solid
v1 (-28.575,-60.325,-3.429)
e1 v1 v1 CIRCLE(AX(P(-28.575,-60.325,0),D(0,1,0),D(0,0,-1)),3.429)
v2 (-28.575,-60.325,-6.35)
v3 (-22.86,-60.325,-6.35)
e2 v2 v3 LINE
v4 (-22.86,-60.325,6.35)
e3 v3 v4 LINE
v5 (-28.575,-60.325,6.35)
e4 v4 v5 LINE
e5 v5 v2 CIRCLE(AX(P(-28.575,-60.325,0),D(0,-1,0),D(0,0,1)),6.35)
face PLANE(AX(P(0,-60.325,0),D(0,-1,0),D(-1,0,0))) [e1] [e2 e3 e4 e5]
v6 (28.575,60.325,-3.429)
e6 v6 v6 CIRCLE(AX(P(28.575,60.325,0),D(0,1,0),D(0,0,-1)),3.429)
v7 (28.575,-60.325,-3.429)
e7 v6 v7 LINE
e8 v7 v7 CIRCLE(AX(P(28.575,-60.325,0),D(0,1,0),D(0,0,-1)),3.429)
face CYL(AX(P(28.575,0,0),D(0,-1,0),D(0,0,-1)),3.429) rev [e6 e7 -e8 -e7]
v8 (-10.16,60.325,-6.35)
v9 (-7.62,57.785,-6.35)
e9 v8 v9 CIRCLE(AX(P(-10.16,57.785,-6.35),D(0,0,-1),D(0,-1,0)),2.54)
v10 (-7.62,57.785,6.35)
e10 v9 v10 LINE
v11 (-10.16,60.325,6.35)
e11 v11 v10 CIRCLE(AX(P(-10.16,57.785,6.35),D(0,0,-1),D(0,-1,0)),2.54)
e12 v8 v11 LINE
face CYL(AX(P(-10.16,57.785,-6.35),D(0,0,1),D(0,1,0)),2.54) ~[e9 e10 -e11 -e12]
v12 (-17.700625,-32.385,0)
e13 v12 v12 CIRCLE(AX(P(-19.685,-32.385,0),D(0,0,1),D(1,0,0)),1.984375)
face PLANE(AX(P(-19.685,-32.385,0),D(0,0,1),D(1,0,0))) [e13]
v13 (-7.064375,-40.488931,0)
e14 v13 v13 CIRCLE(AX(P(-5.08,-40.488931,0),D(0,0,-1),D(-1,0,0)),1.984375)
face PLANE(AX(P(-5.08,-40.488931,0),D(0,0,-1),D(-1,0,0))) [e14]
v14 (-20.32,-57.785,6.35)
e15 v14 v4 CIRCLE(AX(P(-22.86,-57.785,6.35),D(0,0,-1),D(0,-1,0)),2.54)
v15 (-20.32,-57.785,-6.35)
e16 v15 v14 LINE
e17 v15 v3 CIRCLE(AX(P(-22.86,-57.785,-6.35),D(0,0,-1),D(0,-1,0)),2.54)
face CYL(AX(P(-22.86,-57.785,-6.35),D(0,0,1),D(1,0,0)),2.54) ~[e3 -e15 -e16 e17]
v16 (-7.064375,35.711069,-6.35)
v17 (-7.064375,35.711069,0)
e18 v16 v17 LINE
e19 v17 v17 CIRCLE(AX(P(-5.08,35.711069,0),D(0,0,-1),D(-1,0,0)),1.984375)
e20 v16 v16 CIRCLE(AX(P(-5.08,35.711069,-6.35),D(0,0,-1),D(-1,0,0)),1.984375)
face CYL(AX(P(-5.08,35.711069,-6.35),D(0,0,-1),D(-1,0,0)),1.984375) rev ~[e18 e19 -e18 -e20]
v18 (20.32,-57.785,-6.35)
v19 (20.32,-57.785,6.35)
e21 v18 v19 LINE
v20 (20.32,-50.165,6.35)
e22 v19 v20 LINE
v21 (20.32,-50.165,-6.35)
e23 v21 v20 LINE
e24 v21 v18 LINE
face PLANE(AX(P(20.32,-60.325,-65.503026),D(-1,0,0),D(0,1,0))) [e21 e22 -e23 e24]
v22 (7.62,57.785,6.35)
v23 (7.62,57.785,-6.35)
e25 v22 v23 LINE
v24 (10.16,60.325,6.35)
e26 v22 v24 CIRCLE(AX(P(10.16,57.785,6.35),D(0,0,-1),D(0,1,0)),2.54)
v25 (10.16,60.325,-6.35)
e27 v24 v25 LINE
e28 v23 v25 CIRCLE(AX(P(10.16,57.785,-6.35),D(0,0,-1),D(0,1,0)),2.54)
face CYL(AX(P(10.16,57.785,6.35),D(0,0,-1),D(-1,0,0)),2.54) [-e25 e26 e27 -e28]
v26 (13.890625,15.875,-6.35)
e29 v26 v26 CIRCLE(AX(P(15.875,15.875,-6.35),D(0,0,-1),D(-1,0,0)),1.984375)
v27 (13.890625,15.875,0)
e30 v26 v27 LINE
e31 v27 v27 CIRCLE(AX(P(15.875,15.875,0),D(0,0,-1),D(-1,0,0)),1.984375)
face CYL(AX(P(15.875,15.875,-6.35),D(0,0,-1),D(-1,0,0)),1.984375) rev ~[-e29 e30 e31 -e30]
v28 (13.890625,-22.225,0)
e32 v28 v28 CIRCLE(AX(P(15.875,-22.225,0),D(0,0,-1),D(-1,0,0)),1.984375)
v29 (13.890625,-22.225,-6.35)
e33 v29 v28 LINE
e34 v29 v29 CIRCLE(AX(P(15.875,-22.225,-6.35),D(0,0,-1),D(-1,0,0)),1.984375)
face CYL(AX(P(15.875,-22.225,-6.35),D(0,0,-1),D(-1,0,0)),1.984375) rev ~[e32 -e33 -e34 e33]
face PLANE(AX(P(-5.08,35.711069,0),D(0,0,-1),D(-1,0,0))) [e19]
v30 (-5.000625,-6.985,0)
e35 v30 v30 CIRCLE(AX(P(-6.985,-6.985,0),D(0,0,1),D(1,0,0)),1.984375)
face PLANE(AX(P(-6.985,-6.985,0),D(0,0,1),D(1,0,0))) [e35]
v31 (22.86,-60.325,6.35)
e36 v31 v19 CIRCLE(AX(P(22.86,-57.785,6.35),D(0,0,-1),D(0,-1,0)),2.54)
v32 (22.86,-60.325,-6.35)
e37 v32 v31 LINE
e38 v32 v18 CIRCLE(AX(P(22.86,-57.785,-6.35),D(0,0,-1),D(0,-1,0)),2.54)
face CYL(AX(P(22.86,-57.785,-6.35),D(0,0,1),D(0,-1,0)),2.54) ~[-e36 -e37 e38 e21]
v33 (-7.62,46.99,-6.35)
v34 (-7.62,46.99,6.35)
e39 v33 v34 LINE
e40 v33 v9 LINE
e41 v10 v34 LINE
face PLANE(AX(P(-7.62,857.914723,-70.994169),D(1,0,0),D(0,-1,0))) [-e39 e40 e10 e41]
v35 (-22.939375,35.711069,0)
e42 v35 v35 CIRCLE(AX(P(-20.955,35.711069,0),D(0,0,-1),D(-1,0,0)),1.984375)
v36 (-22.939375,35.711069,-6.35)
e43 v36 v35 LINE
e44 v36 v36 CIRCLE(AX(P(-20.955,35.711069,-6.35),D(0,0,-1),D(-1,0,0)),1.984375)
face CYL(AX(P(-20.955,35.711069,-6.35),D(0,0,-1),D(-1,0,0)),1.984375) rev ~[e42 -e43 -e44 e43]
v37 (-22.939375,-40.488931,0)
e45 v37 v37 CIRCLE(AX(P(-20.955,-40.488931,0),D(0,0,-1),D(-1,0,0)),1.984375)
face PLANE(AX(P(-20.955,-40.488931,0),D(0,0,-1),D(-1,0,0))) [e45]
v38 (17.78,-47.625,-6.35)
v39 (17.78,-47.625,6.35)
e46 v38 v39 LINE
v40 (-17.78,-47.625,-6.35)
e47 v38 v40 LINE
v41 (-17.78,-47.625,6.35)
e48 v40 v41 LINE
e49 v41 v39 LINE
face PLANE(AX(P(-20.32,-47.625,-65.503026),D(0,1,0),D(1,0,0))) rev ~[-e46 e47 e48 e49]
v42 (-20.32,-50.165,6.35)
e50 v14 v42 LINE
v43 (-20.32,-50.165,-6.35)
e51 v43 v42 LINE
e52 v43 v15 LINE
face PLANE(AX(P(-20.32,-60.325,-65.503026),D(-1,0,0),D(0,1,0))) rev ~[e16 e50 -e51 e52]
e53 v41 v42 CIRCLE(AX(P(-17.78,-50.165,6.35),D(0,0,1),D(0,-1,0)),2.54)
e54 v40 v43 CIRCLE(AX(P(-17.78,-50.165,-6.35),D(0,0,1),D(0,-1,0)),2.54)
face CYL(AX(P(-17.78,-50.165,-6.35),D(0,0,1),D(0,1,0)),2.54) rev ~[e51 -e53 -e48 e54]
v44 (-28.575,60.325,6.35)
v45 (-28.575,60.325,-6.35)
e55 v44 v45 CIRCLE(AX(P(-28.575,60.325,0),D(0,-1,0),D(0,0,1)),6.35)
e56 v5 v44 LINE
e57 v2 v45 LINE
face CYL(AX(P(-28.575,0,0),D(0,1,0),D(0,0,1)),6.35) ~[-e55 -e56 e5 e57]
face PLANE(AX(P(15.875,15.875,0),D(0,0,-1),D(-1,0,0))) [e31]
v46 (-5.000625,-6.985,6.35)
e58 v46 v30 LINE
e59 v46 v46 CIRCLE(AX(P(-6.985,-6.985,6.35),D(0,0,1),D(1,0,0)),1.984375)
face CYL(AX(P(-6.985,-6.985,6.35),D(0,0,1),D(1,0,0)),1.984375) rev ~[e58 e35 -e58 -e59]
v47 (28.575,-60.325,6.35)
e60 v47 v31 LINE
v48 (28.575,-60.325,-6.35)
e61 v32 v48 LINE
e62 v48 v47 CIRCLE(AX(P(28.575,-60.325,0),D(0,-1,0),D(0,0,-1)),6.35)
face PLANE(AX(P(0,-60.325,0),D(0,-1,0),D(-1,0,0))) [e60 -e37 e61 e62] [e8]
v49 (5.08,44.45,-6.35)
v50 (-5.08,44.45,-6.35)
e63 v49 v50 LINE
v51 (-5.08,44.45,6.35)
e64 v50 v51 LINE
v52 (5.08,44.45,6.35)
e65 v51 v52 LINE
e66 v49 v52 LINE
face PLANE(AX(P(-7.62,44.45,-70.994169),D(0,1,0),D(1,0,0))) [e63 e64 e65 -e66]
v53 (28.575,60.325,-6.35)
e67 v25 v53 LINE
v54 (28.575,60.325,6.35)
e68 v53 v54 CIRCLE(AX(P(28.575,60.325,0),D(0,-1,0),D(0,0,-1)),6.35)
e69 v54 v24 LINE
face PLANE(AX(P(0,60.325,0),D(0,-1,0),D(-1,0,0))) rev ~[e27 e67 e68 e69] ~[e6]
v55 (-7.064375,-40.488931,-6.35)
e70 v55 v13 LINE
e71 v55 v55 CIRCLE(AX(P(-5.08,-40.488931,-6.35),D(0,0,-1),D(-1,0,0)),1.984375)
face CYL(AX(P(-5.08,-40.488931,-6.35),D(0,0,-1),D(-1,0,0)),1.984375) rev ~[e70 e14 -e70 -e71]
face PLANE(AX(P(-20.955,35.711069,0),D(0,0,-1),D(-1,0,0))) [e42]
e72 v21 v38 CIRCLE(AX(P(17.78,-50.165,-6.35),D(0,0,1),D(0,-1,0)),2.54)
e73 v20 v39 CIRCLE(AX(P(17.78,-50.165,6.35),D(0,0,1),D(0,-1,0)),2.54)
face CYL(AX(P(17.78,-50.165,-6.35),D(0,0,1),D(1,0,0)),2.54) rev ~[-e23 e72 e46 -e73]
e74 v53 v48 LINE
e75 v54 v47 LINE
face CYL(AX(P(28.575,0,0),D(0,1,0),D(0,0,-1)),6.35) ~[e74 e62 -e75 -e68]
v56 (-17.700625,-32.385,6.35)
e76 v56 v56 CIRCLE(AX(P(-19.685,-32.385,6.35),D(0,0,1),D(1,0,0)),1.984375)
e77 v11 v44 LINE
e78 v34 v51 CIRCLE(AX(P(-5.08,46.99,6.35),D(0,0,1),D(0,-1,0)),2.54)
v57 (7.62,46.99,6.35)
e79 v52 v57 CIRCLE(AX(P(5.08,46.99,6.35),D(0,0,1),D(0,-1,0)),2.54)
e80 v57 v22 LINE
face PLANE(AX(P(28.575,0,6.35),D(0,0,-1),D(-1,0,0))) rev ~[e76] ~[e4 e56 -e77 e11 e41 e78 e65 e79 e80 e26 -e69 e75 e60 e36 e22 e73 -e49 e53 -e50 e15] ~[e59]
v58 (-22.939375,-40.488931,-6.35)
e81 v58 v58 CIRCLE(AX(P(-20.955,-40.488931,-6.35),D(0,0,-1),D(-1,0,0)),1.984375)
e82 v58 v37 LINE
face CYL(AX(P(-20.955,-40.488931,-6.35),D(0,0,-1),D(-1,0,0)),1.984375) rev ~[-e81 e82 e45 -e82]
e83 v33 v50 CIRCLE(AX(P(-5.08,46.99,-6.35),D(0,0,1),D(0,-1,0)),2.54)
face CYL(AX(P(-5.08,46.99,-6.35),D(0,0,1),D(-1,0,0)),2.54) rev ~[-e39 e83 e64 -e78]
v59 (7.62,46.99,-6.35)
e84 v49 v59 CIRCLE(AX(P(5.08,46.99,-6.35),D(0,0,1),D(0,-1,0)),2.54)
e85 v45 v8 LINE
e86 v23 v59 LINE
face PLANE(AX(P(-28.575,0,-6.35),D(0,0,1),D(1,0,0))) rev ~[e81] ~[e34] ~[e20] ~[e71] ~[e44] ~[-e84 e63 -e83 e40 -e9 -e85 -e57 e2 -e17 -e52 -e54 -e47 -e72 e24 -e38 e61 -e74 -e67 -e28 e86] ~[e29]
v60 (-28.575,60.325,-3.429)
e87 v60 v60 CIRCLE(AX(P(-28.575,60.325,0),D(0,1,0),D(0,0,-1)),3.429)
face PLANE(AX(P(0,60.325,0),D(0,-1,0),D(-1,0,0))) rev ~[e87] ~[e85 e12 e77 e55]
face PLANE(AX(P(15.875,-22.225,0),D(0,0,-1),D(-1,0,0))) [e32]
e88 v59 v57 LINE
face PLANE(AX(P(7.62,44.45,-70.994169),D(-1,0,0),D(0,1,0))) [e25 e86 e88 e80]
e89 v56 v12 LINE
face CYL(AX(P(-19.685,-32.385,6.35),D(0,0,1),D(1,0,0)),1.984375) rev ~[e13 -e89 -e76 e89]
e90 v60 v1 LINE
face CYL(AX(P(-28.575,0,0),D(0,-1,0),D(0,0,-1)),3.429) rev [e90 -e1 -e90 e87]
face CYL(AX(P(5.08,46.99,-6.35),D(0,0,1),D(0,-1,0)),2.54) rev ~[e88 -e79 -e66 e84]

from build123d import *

# Parameters (mm, degrees)
SKETCH1_R               = 3.429
BOSS_EXTRUDE1_DEPTH     = 60.325
CUT_EXTRUDE1_DEPTH      = 70.9941694
CUT_EXTRUDE1_DEPTH_BACK = 70.9941694
FILLET1_R               = 2.54
CUT_EXTRUDE3_DEPTH      = 71.853025694
CUT_EXTRUDE3_DEPTH_BACK = 71.853025694
SKETCH5_W               = 40.64
SKETCH5_H               = 12.7
FILLET2_R               = 2.54
SKETCH4_R               = 1.984375
CUT_EXTRUDE2_DEPTH      = 6.35
SKETCH6_R               = 1.984375
CUT_EXTRUDE4_DEPTH      = 6.35
SKETCH7_R               = 1.984375
CUT_EXTRUDE5_DEPTH      = 6.35


with BuildPart() as part:
    # Sketch1 → Boss-Extrude1 (new, symmetric)
    with BuildSketch(Plane(origin=(0, 0, 0), x_dir=(1, 0, 0), z_dir=(0, 1, 0))):
        with BuildLine():
            Line((-28.575, 6.35), (28.575, 6.35))
            ThreePointArc((28.575, 6.35), (34.925, 0), (28.575, -6.35))
            Line((28.575, -6.35), (-28.575, -6.35))
            ThreePointArc((-28.575, -6.35), (-34.925, 0), (-28.575, 6.35))
        make_face()
        with Locations(Location((28.575, 0, 0), (0, 0, 90))):
            Circle(SKETCH1_R, mode=Mode.SUBTRACT)
        with Locations(Location((-28.575, 0, 0), (0, 0, 90))):
            Circle(SKETCH1_R, mode=Mode.SUBTRACT)
    extrude(amount=BOSS_EXTRUDE1_DEPTH, both=True)

    # Sketch2 → Cut-Extrude1 (cut, two sides: drawn at the far end of the back side and taken through both)
    with BuildSketch(Plane.XY.offset(-CUT_EXTRUDE1_DEPTH_BACK)):
        Polygon((-7.62, 326.18824101), (-7.62, 60.325), (-7.62, 44.45), (7.62, 44.45), (7.62, 60.325), (7.62, 326.18824101), (7.62, 857.914723029), (-7.62, 857.914723029), align=None)
    extrude(amount=CUT_EXTRUDE1_DEPTH + CUT_EXTRUDE1_DEPTH_BACK, mode=Mode.SUBTRACT)

    # Fillet1
    fillet1_edges = [part.edges().sort_by_distance(p)[0] for p in [
        (-7.62, 44.45, 0),
        (7.62, 44.45, 0),
        (7.62, 60.325, 0),
        (-7.62, 60.325, 0),
    ]]
    fillet(fillet1_edges, radius=FILLET1_R)

    # Sketch5 → Cut-Extrude3 (cut, two sides: drawn at the far end of the back side and taken through both)
    with BuildSketch(Plane.XY.offset(6.35).offset(-CUT_EXTRUDE3_DEPTH_BACK)):
        with Locations((0, -53.975)):
            Rectangle(SKETCH5_W, SKETCH5_H)
    extrude(amount=CUT_EXTRUDE3_DEPTH + CUT_EXTRUDE3_DEPTH_BACK, mode=Mode.SUBTRACT)

    # Fillet2
    fillet2_edges = [part.edges().sort_by_distance(p)[0] for p in [
        (-20.32, -60.325, 0),
        (-20.32, -47.625, 0),
        (20.32, -47.625, 0),
        (20.32, -60.325, 0),
    ]]
    fillet(fillet2_edges, radius=FILLET2_R)

    # Sketch4 → Cut-Extrude2 (cut)
    with BuildSketch(Plane.XY.offset(6.35)):
        with Locations((-6.985, -6.985)):
            Circle(SKETCH4_R)
        with Locations((-19.685, -32.385)):
            Circle(SKETCH4_R)
    extrude(amount=-CUT_EXTRUDE2_DEPTH, mode=Mode.SUBTRACT)

    # Sketch6 → Cut-Extrude4 (cut)
    with BuildSketch(Plane(origin=(0, 0, -6.35), x_dir=(-1, 0, 0), z_dir=(0, 0, -1))):
        with Locations((5.08, 35.711069013)):
            Circle(SKETCH6_R)
        with Locations((20.955, 35.711069013)):
            Circle(SKETCH6_R)
        with Locations((5.08, -40.488930987)):
            Circle(SKETCH6_R)
        with Locations((20.955, -40.488930987)):
            Circle(SKETCH6_R)
    extrude(amount=-CUT_EXTRUDE4_DEPTH, mode=Mode.SUBTRACT)

    # Sketch7 → Cut-Extrude5 (cut)
    with BuildSketch(Plane(origin=(0, 0, -6.35), x_dir=(-1, 0, 0), z_dir=(0, 0, -1))):
        with Locations((-15.875, 15.875)):
            Circle(SKETCH7_R)
        with Locations((-15.875, -22.225)):
            Circle(SKETCH7_R)
    extrude(amount=-CUT_EXTRUDE5_DEPTH, mode=Mode.SUBTRACT)


solid = part.part
